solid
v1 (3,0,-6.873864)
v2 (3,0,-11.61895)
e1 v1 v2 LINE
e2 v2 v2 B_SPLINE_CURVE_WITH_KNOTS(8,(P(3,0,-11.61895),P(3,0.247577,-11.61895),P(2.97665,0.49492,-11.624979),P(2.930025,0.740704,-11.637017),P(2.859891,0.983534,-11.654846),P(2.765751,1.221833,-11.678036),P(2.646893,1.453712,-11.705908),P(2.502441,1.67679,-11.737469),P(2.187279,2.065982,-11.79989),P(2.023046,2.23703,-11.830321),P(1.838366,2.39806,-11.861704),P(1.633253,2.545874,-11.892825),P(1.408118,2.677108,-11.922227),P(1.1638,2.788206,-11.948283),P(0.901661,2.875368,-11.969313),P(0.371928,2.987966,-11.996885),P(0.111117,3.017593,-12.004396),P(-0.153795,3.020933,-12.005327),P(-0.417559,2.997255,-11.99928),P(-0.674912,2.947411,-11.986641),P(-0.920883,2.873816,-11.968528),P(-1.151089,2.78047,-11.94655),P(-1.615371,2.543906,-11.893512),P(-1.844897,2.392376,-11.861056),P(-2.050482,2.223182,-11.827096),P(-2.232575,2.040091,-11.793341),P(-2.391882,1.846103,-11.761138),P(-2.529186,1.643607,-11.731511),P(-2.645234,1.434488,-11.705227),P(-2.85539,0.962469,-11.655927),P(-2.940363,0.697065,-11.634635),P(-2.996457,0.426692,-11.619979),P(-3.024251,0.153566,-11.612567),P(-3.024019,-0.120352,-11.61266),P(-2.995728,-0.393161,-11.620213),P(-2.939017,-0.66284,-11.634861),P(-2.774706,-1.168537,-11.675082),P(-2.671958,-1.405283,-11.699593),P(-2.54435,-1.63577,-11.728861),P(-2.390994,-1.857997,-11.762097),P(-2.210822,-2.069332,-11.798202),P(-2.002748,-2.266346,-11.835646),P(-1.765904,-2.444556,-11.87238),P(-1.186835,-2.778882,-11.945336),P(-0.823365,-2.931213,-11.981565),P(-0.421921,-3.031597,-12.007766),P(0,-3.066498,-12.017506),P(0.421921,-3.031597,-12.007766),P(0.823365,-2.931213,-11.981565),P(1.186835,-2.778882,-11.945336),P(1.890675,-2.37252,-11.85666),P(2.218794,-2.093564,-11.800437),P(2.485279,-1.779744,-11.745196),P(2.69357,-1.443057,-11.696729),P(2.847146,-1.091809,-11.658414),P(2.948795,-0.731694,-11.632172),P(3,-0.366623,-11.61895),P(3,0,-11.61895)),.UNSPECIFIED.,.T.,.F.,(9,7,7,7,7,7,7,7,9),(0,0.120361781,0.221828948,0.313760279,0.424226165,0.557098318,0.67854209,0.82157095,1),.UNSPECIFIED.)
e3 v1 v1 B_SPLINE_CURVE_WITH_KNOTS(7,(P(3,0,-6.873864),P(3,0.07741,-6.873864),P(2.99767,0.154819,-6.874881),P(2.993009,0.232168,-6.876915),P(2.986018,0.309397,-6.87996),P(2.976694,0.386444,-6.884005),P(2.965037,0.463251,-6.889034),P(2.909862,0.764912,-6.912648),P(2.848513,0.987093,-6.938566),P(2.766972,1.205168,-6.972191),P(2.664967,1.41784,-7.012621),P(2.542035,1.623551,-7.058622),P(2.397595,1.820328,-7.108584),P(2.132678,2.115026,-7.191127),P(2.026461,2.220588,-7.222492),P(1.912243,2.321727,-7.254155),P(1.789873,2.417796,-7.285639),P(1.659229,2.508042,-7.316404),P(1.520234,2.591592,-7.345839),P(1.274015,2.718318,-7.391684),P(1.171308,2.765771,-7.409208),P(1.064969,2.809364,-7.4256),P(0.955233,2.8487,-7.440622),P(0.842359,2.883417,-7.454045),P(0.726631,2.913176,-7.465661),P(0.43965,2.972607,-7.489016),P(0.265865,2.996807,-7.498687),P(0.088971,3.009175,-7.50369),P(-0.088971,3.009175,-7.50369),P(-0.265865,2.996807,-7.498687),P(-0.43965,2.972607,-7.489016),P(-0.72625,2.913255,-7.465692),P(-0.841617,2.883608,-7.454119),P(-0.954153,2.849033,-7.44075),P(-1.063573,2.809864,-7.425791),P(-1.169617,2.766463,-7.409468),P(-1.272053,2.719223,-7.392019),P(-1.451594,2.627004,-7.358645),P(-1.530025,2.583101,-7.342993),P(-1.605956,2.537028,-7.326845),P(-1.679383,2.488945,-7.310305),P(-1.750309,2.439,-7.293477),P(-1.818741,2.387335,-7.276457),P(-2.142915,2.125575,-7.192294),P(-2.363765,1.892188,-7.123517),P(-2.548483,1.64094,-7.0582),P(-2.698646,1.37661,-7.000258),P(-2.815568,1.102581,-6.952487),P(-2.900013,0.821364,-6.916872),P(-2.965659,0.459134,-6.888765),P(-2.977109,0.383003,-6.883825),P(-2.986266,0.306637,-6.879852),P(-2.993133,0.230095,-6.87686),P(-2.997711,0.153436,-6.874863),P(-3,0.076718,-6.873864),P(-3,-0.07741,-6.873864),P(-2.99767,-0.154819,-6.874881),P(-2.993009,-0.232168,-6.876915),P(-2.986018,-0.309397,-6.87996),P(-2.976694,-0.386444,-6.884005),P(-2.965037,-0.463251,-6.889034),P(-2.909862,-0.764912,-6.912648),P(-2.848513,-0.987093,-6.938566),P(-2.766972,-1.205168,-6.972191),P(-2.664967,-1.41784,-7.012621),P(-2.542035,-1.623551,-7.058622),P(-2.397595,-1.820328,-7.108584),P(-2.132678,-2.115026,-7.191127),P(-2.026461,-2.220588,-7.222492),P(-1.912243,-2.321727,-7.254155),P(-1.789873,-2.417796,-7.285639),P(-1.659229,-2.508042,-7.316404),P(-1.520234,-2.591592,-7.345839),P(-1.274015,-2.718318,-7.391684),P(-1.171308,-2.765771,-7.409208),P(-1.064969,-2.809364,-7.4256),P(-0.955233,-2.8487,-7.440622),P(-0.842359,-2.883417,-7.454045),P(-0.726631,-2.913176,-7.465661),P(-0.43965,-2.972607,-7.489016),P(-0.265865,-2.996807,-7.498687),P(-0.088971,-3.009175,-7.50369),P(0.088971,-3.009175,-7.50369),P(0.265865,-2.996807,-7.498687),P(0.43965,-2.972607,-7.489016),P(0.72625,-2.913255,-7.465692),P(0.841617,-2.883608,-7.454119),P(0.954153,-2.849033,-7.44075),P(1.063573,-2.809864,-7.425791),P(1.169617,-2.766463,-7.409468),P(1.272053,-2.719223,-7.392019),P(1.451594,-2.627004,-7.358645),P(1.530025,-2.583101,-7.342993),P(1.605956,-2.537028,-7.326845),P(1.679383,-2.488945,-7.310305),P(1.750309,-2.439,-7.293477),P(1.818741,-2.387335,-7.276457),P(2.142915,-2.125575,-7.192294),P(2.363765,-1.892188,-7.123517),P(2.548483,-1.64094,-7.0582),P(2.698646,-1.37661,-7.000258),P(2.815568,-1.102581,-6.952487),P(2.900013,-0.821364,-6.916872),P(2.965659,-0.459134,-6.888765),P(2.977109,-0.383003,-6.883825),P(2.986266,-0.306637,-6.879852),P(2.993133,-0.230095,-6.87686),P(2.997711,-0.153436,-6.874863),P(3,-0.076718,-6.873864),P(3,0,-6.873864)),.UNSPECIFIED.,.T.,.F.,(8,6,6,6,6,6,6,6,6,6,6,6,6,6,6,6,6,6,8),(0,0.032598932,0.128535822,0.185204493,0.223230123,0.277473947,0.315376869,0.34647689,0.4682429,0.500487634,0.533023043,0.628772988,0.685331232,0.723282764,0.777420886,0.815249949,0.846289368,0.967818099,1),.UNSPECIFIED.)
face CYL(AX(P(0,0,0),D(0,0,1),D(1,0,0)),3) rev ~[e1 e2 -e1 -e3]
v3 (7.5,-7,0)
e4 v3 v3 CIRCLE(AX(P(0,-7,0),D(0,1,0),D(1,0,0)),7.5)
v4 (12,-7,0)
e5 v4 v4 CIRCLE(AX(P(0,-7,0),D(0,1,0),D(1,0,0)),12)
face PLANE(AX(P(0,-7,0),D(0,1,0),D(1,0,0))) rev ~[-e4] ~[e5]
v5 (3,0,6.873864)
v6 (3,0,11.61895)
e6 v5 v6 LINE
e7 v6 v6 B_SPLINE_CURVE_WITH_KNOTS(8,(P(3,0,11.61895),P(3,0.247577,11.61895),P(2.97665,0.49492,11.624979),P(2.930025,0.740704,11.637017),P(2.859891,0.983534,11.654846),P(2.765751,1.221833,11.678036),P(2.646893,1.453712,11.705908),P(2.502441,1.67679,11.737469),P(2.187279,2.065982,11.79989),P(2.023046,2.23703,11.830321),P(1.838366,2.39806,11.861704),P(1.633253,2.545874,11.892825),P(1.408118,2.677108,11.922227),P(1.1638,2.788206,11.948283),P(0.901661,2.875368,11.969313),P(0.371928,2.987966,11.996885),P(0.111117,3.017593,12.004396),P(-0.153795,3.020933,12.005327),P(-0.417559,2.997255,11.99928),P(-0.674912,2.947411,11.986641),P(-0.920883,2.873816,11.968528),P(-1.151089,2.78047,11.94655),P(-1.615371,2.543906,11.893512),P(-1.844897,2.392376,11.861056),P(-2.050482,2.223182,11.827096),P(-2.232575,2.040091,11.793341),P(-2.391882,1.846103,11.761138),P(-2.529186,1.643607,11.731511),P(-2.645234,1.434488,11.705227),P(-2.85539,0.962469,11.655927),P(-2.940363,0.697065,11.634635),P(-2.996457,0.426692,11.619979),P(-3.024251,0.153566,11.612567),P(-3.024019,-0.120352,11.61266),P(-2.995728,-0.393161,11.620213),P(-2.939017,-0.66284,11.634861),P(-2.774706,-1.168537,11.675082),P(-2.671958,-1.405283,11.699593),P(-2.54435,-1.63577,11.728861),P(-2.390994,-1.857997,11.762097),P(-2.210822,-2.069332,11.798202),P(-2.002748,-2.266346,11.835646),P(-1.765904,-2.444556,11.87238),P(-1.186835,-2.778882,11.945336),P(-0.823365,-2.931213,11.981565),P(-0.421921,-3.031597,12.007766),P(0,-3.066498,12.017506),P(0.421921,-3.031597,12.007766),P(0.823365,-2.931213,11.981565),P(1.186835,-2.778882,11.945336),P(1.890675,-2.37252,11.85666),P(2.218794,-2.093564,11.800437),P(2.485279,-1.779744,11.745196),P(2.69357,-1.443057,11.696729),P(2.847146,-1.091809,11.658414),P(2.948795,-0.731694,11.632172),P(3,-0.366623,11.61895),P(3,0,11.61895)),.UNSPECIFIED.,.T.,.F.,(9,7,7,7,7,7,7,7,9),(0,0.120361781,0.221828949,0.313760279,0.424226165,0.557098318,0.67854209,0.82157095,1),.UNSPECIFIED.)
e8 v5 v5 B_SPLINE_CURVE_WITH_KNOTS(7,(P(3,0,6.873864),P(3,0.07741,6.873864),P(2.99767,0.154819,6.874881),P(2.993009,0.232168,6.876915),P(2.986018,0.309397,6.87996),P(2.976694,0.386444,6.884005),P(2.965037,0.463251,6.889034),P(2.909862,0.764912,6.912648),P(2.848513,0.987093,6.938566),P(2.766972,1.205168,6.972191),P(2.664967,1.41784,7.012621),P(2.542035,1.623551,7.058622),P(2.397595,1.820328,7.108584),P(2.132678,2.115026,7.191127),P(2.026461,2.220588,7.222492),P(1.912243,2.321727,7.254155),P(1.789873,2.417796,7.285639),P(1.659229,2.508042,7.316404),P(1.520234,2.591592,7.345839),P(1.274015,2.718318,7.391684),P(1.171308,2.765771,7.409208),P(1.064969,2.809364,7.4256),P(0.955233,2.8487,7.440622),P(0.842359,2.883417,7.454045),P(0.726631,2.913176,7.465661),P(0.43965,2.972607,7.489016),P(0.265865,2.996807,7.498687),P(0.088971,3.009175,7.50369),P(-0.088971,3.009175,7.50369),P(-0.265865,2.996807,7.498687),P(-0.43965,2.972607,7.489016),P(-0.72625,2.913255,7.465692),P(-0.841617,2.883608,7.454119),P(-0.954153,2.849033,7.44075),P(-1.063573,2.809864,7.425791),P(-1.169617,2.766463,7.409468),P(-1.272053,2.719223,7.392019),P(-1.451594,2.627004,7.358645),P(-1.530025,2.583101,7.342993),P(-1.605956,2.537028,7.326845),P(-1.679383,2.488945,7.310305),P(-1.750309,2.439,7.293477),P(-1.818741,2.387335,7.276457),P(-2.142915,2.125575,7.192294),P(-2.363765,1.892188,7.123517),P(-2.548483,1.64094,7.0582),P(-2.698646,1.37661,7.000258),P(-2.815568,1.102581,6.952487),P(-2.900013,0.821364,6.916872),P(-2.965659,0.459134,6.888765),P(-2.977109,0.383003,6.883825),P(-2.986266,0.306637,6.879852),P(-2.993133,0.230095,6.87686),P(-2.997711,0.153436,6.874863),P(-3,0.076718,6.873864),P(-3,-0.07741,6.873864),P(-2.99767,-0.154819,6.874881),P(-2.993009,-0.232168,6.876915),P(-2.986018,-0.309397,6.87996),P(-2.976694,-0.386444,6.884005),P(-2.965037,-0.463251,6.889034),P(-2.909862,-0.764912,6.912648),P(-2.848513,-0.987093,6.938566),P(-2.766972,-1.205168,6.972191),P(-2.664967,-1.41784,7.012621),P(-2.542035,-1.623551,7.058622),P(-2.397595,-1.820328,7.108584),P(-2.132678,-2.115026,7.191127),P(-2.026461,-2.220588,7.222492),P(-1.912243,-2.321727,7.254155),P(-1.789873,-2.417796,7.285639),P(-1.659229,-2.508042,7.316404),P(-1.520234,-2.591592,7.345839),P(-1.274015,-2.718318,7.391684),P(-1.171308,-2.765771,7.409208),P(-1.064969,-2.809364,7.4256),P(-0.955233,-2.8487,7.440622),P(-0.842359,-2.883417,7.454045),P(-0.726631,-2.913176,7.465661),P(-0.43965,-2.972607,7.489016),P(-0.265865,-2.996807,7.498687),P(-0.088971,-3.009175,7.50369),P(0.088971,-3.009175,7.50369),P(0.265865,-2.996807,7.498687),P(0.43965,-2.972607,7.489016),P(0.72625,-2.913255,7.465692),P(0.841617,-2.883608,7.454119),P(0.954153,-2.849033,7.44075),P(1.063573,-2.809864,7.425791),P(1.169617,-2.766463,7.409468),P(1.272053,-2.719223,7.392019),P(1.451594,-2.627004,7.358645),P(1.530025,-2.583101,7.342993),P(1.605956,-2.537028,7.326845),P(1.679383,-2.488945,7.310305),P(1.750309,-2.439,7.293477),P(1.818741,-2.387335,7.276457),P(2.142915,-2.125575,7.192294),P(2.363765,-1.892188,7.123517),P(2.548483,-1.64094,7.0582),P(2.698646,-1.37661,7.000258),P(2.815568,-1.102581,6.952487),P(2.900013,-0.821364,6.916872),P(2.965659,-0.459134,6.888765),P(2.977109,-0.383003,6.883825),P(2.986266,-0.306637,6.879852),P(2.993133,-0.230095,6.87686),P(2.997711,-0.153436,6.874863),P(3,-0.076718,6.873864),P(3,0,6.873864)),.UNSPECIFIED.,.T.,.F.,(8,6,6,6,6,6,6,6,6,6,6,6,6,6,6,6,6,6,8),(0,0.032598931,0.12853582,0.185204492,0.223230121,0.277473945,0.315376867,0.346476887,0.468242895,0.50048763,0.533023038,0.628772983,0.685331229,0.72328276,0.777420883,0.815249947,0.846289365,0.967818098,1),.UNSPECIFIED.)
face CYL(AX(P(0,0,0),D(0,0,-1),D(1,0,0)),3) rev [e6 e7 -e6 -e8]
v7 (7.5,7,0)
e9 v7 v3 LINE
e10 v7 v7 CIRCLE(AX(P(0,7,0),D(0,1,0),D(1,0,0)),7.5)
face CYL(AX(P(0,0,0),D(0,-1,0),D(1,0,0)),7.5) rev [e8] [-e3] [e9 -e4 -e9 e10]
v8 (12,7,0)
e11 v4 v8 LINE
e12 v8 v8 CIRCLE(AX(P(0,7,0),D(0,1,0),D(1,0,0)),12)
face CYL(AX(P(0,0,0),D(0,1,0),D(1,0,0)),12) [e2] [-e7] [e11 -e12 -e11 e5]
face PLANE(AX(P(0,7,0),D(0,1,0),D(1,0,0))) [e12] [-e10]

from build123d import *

# Parameters (mm, degrees)
SKETCH1_R               = 12
SKETCH1_R_2             = 7.5
BOSS_EXTRUDE1_DEPTH     = 7
SKETCH2_R               = 3
CUT_EXTRUDE1_DEPTH      = 13
CUT_EXTRUDE1_DEPTH_BACK = 13


with BuildPart() as part:
    # Sketch1 → Boss-Extrude1 (new body, symmetric)
    with BuildSketch(Plane(origin=(0, 0, 0), x_dir=(1, 0, 0), z_dir=(0, 1, 0))):
        Circle(SKETCH1_R)
        Circle(SKETCH1_R_2, mode=Mode.SUBTRACT)
    extrude(amount=BOSS_EXTRUDE1_DEPTH, both=True)

    # Sketch2 → Cut-Extrude1 (cut, two sides)
    with BuildSketch(Plane.XY) as cut_extrude1_sk:
        Circle(SKETCH2_R)
    extrude(amount=CUT_EXTRUDE1_DEPTH, mode=Mode.SUBTRACT)
    extrude(cut_extrude1_sk.sketch, amount=-CUT_EXTRUDE1_DEPTH_BACK, mode=Mode.SUBTRACT)


solid = part.part
